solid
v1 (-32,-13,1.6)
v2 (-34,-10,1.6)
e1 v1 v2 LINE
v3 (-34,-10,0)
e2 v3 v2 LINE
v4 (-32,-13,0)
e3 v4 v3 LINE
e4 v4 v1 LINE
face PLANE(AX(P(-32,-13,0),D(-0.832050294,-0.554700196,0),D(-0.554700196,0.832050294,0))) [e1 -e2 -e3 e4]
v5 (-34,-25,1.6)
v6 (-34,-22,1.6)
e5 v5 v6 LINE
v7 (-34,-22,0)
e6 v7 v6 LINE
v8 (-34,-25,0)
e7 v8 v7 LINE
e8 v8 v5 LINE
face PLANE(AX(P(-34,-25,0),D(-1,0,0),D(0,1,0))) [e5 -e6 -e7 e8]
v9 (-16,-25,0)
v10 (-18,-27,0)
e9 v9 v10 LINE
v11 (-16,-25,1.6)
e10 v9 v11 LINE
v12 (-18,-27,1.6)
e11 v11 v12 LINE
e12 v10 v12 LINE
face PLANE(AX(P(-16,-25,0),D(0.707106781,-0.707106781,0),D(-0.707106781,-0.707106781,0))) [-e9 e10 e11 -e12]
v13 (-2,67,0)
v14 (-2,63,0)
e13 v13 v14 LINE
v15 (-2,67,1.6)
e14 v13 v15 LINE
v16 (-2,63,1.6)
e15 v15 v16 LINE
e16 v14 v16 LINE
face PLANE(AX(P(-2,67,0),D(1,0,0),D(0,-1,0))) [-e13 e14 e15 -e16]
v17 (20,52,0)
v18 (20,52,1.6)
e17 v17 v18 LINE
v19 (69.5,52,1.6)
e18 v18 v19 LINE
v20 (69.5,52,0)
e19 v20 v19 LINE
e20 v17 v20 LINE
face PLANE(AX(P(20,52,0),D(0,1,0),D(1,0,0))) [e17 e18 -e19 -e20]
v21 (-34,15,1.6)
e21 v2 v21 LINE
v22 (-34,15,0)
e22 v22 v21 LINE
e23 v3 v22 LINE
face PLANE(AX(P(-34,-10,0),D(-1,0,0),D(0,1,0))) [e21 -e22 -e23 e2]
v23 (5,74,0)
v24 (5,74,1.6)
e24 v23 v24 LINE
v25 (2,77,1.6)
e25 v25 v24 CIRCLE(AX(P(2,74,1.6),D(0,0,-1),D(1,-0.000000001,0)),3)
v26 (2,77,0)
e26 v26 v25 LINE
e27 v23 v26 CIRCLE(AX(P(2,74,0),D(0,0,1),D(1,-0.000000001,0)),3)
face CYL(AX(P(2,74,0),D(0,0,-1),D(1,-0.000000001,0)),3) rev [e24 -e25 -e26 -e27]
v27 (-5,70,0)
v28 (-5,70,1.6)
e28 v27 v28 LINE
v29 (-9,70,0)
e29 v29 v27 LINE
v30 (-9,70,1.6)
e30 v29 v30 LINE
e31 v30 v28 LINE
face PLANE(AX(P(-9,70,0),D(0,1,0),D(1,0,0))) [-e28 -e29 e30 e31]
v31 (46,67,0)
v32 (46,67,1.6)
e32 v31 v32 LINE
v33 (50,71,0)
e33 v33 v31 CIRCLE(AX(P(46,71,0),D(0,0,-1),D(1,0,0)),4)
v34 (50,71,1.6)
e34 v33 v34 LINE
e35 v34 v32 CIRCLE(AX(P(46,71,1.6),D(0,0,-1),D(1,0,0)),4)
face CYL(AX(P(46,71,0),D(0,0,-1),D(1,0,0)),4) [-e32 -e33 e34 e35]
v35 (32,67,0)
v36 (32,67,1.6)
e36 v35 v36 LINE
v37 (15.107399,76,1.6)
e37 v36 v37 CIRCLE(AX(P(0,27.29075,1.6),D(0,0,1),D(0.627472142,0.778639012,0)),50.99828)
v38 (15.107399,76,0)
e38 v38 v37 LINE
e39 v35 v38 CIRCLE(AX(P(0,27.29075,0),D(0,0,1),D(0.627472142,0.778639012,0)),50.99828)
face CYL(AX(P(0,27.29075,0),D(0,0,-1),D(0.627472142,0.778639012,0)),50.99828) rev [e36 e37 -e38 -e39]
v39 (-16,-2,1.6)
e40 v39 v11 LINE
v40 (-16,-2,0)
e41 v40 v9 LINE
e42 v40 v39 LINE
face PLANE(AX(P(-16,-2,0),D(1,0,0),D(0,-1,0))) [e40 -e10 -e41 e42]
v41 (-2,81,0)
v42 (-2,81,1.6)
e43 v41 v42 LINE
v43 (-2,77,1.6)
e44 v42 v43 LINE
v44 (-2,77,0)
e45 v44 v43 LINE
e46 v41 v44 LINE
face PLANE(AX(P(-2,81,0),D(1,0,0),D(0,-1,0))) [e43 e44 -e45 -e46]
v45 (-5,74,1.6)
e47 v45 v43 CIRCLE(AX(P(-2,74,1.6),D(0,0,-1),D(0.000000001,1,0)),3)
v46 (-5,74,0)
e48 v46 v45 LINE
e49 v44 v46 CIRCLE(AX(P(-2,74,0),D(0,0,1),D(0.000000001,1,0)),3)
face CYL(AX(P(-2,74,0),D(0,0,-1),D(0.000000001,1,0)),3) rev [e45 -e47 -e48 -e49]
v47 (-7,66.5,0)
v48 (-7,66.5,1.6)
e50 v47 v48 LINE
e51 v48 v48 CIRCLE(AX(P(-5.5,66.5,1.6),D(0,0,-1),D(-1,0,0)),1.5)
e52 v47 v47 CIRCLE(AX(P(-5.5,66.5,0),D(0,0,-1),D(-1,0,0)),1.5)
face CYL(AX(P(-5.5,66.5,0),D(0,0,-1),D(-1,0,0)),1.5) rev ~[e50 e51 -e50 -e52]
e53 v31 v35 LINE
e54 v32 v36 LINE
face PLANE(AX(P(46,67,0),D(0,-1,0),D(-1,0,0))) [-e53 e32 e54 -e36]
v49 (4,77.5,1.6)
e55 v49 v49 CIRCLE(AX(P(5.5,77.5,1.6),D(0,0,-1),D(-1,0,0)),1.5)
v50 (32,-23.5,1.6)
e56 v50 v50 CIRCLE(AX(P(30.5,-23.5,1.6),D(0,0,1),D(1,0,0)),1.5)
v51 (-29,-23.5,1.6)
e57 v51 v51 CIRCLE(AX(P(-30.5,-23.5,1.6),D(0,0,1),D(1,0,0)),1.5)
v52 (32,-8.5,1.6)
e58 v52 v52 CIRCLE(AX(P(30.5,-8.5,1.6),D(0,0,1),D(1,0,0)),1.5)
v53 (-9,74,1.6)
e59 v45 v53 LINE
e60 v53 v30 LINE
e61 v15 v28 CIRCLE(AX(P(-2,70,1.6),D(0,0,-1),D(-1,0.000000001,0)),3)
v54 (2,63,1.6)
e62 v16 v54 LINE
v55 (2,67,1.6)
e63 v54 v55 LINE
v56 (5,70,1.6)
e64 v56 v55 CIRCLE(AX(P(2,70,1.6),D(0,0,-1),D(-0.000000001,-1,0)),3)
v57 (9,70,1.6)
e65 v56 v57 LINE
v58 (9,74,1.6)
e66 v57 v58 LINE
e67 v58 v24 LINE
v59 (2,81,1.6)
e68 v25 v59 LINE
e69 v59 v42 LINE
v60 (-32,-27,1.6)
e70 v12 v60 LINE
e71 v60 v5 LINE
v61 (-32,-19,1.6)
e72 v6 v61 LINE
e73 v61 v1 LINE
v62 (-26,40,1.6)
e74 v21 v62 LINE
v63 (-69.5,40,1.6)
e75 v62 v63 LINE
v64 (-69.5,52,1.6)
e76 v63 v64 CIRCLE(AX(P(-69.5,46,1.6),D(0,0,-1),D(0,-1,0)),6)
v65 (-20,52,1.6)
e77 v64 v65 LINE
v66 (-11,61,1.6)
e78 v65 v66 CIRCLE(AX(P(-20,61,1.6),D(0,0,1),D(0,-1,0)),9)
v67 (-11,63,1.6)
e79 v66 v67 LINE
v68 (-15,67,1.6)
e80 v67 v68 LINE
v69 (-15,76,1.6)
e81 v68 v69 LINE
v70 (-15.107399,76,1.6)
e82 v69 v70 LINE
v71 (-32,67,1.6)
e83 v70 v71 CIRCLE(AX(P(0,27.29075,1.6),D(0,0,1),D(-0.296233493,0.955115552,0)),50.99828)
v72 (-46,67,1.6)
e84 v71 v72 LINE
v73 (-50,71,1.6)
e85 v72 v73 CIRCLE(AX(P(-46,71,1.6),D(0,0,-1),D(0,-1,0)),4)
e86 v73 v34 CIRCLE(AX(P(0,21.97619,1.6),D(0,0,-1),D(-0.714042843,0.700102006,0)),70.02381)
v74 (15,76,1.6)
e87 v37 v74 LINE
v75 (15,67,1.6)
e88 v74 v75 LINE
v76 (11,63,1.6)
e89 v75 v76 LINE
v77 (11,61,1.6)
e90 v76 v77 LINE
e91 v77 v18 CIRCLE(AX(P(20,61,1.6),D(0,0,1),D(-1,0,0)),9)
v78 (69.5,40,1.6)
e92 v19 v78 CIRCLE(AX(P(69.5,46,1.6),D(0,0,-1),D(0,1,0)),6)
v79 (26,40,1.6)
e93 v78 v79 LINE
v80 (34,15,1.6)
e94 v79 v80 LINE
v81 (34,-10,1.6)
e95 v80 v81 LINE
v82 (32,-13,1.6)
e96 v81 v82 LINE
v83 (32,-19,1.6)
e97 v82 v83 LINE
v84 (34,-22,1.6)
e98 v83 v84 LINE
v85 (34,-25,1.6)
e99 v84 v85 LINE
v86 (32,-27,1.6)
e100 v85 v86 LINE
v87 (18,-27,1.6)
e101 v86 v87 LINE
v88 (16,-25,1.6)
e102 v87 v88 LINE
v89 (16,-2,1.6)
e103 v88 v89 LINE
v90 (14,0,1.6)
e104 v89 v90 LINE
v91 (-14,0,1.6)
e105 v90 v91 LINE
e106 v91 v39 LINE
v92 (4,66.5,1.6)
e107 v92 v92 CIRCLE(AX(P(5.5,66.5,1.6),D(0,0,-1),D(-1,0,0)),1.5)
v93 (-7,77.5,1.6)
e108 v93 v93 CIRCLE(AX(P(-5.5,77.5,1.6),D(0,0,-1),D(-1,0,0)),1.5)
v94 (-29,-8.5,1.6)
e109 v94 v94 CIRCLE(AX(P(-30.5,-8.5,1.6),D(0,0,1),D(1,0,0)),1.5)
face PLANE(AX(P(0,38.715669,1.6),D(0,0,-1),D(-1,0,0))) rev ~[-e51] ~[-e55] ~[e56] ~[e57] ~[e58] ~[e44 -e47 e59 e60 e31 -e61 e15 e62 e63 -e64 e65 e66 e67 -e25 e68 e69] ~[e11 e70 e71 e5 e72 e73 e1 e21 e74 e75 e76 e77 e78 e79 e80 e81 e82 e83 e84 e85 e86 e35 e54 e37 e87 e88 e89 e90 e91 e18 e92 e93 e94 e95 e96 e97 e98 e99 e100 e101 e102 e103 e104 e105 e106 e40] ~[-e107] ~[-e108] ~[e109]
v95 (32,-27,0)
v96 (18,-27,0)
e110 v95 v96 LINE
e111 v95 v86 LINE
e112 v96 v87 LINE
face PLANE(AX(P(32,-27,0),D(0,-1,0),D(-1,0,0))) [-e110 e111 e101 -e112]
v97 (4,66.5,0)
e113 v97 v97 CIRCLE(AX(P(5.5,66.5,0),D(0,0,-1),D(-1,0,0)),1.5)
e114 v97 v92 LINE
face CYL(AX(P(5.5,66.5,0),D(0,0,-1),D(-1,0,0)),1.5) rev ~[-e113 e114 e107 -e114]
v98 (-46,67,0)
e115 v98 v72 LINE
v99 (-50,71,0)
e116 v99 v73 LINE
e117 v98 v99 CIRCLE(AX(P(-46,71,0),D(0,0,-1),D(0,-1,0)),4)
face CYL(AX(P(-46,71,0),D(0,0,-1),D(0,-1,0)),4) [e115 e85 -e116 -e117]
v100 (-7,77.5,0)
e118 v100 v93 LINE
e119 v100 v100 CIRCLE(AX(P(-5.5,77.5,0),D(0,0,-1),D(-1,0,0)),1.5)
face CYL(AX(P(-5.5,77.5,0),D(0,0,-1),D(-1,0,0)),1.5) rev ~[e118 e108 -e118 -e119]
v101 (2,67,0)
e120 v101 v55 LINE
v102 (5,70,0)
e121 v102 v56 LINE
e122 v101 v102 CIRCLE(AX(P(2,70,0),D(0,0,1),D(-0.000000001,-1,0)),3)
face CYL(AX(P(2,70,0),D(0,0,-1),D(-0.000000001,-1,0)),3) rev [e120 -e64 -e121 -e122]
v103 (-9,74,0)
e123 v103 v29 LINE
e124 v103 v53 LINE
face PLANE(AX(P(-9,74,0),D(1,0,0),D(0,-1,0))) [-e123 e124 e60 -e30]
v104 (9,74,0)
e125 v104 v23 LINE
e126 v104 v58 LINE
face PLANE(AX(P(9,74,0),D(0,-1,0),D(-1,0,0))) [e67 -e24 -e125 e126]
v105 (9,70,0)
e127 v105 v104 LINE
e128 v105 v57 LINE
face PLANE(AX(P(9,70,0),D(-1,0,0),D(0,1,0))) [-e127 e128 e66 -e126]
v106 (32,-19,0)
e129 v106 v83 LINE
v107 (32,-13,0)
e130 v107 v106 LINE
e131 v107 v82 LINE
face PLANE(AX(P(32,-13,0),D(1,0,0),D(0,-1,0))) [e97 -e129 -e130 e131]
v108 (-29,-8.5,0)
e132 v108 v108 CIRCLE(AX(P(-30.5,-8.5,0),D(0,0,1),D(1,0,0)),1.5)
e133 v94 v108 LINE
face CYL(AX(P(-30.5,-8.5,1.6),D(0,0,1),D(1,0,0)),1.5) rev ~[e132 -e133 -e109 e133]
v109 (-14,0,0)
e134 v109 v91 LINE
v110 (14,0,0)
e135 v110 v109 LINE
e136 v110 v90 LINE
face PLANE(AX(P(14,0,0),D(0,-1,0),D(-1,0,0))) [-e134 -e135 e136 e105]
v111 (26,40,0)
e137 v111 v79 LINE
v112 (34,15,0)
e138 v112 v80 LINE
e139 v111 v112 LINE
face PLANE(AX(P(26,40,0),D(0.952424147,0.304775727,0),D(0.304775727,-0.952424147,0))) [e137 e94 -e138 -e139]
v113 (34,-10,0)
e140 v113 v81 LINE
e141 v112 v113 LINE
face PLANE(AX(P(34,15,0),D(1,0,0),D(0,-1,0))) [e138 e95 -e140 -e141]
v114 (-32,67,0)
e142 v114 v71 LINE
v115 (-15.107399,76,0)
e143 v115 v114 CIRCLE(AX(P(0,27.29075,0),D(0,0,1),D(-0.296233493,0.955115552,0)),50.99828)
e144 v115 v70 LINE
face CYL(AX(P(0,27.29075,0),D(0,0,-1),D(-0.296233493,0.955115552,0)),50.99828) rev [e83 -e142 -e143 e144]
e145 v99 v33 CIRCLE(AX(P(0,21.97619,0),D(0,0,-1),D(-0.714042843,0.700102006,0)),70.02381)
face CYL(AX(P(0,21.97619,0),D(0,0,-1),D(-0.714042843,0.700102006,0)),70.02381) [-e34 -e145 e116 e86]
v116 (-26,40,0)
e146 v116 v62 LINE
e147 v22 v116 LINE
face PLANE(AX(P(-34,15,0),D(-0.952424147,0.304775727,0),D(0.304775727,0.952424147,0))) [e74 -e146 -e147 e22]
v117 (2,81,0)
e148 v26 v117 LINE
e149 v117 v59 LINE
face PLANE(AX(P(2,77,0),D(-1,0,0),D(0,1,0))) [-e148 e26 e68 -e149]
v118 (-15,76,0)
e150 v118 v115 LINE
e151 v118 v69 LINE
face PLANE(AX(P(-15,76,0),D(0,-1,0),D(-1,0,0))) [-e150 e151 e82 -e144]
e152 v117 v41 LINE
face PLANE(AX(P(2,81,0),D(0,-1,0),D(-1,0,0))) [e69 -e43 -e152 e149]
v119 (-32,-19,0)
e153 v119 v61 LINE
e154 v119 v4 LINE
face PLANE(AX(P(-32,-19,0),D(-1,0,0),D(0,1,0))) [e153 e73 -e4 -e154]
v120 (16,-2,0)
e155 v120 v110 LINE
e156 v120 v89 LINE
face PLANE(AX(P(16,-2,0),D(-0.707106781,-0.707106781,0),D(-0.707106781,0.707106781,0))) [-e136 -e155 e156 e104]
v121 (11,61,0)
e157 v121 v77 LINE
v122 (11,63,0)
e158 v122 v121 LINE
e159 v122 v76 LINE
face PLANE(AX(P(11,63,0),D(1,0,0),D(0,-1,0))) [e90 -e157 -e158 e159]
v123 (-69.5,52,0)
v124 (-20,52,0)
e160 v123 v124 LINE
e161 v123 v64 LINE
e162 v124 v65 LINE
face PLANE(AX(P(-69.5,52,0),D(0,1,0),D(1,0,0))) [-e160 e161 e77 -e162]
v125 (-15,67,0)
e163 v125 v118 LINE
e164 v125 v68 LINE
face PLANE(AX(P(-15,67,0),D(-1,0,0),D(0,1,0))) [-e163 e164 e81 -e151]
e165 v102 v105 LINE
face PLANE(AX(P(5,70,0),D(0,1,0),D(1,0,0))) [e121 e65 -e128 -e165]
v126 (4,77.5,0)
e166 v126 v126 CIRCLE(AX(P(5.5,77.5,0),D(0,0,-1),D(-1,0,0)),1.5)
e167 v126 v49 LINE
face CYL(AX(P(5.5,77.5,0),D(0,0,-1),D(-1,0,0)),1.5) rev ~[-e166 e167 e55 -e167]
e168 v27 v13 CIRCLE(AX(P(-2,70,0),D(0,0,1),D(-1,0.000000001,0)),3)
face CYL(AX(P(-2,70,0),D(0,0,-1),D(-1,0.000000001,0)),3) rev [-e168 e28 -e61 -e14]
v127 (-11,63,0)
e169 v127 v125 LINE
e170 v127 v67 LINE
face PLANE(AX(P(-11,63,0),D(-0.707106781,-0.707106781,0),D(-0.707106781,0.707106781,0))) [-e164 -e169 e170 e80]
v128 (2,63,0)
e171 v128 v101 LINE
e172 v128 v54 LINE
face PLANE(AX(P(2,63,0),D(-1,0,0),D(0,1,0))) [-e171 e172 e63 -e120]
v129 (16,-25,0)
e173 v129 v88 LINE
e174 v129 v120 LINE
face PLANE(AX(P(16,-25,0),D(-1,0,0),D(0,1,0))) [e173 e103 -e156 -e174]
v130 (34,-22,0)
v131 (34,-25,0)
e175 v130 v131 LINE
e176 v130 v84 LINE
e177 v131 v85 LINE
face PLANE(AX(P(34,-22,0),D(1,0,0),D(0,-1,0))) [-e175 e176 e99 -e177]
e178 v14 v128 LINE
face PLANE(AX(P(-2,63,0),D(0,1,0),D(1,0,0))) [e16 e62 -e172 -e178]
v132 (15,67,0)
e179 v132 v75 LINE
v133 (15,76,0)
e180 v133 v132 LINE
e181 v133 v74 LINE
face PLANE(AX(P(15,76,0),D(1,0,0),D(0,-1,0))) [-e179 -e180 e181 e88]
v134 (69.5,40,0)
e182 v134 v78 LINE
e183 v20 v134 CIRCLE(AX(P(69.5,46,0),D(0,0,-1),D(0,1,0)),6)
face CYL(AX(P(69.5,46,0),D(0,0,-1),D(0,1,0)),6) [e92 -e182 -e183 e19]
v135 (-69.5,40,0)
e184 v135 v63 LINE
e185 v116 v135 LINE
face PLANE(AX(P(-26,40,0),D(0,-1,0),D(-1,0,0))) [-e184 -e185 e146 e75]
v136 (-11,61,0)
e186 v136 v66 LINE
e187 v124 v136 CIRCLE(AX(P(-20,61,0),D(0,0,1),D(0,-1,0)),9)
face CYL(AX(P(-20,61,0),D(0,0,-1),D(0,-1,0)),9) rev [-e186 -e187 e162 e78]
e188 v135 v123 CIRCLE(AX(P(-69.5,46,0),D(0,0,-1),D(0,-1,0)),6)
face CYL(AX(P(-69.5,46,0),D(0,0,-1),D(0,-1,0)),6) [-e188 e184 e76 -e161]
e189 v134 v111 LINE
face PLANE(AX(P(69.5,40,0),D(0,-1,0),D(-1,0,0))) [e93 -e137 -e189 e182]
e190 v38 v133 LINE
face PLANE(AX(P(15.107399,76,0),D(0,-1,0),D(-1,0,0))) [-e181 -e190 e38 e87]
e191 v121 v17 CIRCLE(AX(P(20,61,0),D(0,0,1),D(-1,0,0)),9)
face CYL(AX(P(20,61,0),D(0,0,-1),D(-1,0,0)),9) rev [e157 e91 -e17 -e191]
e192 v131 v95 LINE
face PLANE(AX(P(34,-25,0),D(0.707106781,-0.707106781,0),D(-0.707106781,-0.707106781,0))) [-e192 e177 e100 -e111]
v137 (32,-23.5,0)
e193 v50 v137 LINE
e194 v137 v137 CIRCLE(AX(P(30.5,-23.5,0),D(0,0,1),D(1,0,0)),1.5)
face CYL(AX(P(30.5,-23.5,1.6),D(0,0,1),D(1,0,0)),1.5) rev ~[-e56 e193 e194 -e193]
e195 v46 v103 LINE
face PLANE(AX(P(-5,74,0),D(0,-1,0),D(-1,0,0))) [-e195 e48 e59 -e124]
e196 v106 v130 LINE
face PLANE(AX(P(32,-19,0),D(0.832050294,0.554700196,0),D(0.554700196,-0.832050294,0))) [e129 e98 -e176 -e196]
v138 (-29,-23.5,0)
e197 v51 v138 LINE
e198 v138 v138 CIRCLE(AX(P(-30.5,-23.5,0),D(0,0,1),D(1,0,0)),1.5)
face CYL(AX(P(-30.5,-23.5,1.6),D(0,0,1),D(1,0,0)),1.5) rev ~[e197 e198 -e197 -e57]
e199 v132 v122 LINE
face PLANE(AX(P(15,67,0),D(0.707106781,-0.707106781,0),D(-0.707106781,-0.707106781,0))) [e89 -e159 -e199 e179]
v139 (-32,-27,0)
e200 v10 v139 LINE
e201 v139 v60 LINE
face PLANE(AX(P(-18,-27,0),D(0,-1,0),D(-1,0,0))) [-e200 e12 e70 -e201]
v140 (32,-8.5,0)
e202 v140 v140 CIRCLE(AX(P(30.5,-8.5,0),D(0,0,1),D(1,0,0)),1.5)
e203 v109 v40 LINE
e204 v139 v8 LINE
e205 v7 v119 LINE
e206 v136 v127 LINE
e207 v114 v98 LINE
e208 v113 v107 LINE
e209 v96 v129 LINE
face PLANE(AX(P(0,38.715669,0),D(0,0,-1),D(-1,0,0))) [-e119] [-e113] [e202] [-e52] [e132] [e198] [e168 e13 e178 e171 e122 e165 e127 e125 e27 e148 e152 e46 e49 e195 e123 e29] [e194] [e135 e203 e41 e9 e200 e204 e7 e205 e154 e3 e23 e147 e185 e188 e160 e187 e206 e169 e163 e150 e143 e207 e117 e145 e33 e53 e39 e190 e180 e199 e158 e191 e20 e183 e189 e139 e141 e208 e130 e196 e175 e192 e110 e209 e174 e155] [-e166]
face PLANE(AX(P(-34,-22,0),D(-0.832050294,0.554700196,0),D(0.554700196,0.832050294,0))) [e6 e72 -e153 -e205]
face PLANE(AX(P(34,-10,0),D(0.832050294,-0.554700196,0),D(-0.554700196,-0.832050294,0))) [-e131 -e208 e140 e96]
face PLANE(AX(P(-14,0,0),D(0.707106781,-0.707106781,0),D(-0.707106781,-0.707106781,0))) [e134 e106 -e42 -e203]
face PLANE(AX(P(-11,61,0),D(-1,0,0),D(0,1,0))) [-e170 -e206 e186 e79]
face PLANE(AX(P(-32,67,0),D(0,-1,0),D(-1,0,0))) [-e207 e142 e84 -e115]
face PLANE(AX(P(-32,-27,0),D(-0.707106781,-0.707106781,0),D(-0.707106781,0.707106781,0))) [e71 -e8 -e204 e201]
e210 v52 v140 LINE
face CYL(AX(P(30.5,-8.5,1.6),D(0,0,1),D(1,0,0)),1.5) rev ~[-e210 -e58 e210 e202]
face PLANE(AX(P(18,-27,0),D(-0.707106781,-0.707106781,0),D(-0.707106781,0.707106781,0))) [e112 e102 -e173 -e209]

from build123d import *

# Parameters (mm, degrees)
RESSALTO_EXTRUS_O1_DEPTH = 1.6
ESBO_O2_R                = 1.5
CORTE_EXTRUS_O2_DEPTH    = 2
ESBO_O3_R                = 1.5
CORTE_EXTRUS_O3_DEPTH    = 10
ESBO_O4_R                = 1.5
CORTE_EXTRUS_O4_DEPTH    = 10


with BuildPart() as part:
    # Esboço1 → Ressalto-extrusão1 (new body)
    with BuildSketch(Plane.XY):
        with BuildLine():
            Line((14, 0), (-14, 0))
            Line((-14, 0), (-16, -2))
            Line((-16, -2), (-16, -25))
            Line((-16, -25), (-18, -27))
            Line((-18, -27), (-32, -27))
            Line((-32, -27), (-34, -25))
            Line((-34, -25), (-34, -22))
            Line((-34, -22), (-32, -19))
            Line((-32, -19), (-32, -13))
            Line((-32, -13), (-34, -10))
            Line((-34, -10), (-34, 15))
            Line((-34, 15), (-26, 40))
            Line((-26, 40), (-69.5, 40))
            ThreePointArc((-69.5, 40), (-75.5, 46), (-69.5, 52))
            Line((-69.5, 52), (-20, 52))
            ThreePointArc((-20, 52), (-13.636038969, 54.636038969), (-11, 61))
            Line((-11, 61), (-11, 63))
            Line((-11, 63), (-15, 67))
            Line((-15, 67), (-15, 76))
            Line((-15, 76), (-15.107398643, 76))
            ThreePointArc((-15.107398643, 76), (-23.979715422, 72.299613351), (-32, 67))
            Line((-32, 67), (-46, 67))
            ThreePointArc((-46, 67), (-48.828427125, 68.171572875), (-50, 71))
            ThreePointArc((-50, 71), (0, 92), (50, 71))
            ThreePointArc((50, 71), (48.828427125, 68.171572875), (46, 67))
            Line((46, 67), (32, 67))
            ThreePointArc((32, 67), (23.979715422, 72.299613351), (15.107398643, 76))
            Line((15.107398643, 76), (15, 76))
            Line((15, 76), (15, 67))
            Line((15, 67), (11, 63))
            Line((11, 63), (11, 61))
            ThreePointArc((11, 61), (13.636038969, 54.636038969), (20, 52))
            Line((20, 52), (69.5, 52))
            ThreePointArc((69.5, 52), (75.5, 46), (69.5, 40))
            Line((69.5, 40), (26, 40))
            Line((26, 40), (34, 15))
            Line((34, 15), (34, -10))
            Line((34, -10), (32, -13))
            Line((32, -13), (32, -19))
            Line((32, -19), (34, -22))
            Line((34, -22), (34, -25))
            Line((34, -25), (32, -27))
            Line((32, -27), (18, -27))
            Line((18, -27), (16, -25))
            Line((16, -25), (16, -2))
            Line((16, -2), (14, 0))
        make_face()
    extrude(amount=RESSALTO_EXTRUS_O1_DEPTH)

    # Esboço2 → Corte-extrusão2 (cut)
    with BuildSketch(Plane(origin=(0, 0, 0), x_dir=(-1, 0, 0), z_dir=(0, 0, -1))):
        with Locations((5.5, 66.5)):
            Circle(ESBO_O2_R)
        with Locations((-5.5, 66.5)):
            Circle(ESBO_O2_R)
        with Locations((-5.5, 77.5)):
            Circle(ESBO_O2_R)
        with Locations((5.5, 77.5)):
            Circle(ESBO_O2_R)
        with BuildLine():
            Line((-5, 70), (-9, 70))
            Line((-9, 70), (-9, 74))
            Line((-9, 74), (-5, 74))
            ThreePointArc((-5, 74), (-4.121320344, 76.121320344), (-2, 77))
            Line((-2, 77), (-2, 81))
            Line((-2, 81), (2, 81))
            Line((2, 81), (2, 77))
            ThreePointArc((2, 77), (4.121320344, 76.121320344), (5, 74))
            Line((5, 74), (9, 74))
            Line((9, 74), (9, 70))
            Line((9, 70), (5, 70))
            ThreePointArc((5, 70), (4.121320344, 67.878679656), (2, 67))
            Line((2, 67), (2, 63))
            Line((2, 63), (-2, 63))
            Line((-2, 63), (-2, 67))
            ThreePointArc((-2, 67), (-4.121320344, 67.878679656), (-5, 70))
        make_face()
    extrude(amount=-CORTE_EXTRUS_O2_DEPTH, mode=Mode.SUBTRACT)

    # Esboço3 → Corte-extrusão3 (cut)
    with BuildSketch(Plane.XY.offset(1.6)):
        with Locations((-30.5, -23.5)):
            Circle(ESBO_O3_R)
        with Locations((30.5, -23.5)):
            Circle(ESBO_O3_R)
    extrude(amount=-CORTE_EXTRUS_O3_DEPTH, mode=Mode.SUBTRACT)

    # Esboço4 → Corte-extrusão4 (cut)
    with BuildSketch(Plane.XY.offset(1.6)):
        with Locations((-30.5, -8.5)):
            Circle(ESBO_O4_R)
        with Locations((30.5, -8.5)):
            Circle(ESBO_O4_R)
    extrude(amount=-CORTE_EXTRUS_O4_DEPTH, mode=Mode.SUBTRACT)


solid = part.part
